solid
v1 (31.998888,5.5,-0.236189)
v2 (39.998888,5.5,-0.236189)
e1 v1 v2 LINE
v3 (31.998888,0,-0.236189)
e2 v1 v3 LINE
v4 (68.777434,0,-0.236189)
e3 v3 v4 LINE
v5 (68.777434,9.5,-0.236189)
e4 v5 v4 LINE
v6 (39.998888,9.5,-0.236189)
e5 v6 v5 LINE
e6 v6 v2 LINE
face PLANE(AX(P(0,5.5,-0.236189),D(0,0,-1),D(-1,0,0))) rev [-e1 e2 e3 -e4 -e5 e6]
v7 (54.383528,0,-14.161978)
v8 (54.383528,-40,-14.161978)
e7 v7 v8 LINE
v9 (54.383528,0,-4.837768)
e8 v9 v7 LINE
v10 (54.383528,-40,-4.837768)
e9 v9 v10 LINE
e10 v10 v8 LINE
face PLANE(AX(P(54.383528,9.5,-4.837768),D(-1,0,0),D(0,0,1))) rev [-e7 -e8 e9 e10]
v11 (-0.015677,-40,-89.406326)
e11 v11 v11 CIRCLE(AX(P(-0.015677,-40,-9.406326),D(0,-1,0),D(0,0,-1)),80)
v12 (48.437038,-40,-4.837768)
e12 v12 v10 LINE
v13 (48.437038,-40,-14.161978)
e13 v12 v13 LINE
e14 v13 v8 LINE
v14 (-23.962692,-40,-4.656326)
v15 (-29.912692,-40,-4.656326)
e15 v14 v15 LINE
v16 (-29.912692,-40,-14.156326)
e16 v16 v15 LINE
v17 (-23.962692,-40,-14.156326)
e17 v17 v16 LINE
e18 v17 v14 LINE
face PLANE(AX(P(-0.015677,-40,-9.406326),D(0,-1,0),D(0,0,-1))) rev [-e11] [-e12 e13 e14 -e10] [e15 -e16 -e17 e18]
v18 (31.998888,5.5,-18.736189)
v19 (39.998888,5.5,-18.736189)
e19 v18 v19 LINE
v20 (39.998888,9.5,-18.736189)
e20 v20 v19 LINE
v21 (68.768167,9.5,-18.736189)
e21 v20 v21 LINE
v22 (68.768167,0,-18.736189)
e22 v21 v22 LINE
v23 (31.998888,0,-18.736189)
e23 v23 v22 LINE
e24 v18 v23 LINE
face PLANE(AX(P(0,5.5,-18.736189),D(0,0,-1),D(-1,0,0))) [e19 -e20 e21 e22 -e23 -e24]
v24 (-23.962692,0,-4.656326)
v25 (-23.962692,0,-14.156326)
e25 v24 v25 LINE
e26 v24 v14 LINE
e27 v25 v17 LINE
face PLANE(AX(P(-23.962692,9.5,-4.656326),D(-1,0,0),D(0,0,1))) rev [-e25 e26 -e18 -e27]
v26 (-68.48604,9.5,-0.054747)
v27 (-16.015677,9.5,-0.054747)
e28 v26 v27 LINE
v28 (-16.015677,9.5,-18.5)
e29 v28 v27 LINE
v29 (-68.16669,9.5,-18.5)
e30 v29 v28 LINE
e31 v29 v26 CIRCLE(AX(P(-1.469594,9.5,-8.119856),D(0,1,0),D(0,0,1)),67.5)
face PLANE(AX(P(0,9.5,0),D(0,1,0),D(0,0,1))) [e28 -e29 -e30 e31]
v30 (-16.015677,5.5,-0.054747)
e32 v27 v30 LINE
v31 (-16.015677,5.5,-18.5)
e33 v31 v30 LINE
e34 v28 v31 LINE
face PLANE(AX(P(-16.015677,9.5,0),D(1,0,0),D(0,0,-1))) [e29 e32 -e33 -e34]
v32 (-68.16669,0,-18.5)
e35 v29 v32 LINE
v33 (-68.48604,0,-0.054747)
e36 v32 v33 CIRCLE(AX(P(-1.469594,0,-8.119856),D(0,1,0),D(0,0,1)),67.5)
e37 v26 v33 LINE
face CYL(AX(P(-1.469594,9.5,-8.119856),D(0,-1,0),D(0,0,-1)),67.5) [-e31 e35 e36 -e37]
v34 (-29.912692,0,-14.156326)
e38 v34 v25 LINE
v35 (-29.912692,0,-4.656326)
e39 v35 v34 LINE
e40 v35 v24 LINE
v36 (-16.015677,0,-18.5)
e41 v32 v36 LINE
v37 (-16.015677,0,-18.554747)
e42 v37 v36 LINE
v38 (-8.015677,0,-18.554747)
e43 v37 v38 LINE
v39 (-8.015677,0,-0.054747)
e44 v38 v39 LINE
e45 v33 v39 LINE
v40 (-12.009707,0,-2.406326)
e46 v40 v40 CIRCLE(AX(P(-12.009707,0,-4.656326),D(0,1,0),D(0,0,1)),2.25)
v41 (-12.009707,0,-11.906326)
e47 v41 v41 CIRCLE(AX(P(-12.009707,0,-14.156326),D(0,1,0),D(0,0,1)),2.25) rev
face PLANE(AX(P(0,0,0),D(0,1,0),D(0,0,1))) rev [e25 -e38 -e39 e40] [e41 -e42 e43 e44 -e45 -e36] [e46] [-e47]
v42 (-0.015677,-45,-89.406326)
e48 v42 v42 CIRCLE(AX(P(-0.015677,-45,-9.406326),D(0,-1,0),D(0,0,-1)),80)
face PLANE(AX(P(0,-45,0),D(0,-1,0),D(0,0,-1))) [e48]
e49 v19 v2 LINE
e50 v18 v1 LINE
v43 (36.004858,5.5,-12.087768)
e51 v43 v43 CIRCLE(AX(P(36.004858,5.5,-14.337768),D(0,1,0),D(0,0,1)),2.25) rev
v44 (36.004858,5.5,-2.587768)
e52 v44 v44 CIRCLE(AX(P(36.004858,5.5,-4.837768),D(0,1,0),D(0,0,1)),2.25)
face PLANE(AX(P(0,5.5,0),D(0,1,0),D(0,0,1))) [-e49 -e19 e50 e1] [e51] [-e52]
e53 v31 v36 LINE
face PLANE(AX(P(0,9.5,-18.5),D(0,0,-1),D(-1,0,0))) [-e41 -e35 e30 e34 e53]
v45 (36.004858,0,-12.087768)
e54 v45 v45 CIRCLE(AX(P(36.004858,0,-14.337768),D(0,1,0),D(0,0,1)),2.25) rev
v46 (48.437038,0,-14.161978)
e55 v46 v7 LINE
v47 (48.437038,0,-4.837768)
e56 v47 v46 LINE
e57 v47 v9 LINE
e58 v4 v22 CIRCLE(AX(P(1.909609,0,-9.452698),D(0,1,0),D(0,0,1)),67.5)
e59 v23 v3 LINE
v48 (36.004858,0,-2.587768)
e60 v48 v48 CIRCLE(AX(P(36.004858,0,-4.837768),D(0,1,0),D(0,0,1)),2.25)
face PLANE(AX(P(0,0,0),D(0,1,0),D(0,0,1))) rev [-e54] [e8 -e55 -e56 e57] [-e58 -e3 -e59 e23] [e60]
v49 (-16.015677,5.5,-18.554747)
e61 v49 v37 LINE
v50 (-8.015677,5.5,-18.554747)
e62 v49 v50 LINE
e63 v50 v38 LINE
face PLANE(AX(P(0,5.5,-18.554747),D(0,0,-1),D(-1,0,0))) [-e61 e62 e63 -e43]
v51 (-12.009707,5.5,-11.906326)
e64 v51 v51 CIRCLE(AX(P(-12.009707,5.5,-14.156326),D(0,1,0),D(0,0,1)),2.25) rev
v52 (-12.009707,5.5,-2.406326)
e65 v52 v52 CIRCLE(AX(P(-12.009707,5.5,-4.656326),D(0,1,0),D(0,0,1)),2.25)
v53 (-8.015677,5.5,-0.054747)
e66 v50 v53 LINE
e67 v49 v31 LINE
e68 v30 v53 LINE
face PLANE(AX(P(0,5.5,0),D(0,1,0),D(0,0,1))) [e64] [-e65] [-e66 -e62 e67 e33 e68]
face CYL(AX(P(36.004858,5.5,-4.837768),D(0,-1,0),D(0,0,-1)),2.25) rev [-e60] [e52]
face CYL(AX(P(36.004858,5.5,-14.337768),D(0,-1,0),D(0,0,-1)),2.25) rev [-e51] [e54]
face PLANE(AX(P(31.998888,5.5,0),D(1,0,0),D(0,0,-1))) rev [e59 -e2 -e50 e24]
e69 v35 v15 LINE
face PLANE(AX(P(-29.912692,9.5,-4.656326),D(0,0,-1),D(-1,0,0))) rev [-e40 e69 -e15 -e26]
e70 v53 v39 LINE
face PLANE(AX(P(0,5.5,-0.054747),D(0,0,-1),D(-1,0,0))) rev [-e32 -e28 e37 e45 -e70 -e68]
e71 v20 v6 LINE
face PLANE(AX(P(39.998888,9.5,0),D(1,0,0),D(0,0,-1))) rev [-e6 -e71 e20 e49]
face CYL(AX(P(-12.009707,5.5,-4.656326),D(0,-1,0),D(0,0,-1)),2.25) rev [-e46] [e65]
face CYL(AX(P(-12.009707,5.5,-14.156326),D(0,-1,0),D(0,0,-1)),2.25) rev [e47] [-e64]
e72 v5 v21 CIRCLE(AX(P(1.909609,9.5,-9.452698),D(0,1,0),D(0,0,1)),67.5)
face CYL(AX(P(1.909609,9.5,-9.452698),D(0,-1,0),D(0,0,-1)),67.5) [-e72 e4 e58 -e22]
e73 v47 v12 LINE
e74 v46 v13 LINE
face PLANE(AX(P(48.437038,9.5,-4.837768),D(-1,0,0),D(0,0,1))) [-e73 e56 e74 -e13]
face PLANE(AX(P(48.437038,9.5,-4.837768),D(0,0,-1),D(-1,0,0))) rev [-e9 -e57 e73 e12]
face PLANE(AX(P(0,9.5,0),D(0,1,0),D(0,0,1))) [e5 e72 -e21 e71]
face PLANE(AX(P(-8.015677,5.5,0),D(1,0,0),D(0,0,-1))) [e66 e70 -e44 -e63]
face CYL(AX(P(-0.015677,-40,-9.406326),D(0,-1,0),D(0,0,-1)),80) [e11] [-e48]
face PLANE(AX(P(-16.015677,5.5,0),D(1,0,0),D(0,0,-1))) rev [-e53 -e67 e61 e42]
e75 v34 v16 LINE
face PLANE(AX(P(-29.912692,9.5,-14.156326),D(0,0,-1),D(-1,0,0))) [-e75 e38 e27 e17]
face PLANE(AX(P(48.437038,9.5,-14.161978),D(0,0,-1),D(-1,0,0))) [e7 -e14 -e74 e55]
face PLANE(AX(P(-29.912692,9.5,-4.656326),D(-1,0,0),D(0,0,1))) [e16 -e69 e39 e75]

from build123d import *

# Parameters (mm, degrees)
SKETCH1_R                = 2.25
BOSS_EXTRUDE1_DEPTH      = 5.5
SKETCH1_3_W              = 5.95
SKETCH1_3_H              = 9.5
BOSS_EXTRUDE2_DEPTH      = 9.5
SKETCH1_4_R              = 2.25
BOSS_EXTRUDE3_DEPTH      = 5.5
SKETCH1_5_W              = 5.946489343
SKETCH1_5_H              = 9.324210581
BOSS_EXTRUDE4_DEPTH      = 9.5
BOSS_EXTRUDE5_DEPTH      = 9.5
BOSS_EXTRUDE5_DEPTH_BACK = 45
SKETCH1_6_W              = 5.95
SKETCH1_6_H              = 9.5
SKETCH1_6_W_2            = 5.946489343
SKETCH1_6_H_2            = 9.324210581
SKETCH2_R                = 80
BOSS_EXTRUDE6_DEPTH      = 5


with BuildPart() as part:
    # Sketch1 → Boss-Extrude1 (new body)
    with BuildSketch(Plane(origin=(0, 0, 0), x_dir=(1, 0, 0), z_dir=(0, 1, 0))):
        Polygon((-8.015677219, 18.554747116), (-16.015677219, 18.554747116), (-16.015677219, 18.5), (-16.015677219, 0.054747116), (-15.609707421, 0.054747116), (-8.409707421, 0.054747116), (-8.015677219, 0.054747116), align=None)
        with Locations((-12.009707421, 4.656325954)):
            Circle(SKETCH1_R, mode=Mode.SUBTRACT)
        with Locations((-12.009707421, 14.156325954)):
            Circle(SKETCH1_R, mode=Mode.SUBTRACT)
    extrude(amount=BOSS_EXTRUDE1_DEPTH)

    # Sketch1<3> → Boss-Extrude2 (add)
    with BuildSketch(Plane(origin=(0, 0, 0), x_dir=(1, 0, 0), z_dir=(0, 1, 0))):
        with BuildLine():
            Line((-16.015677219, 0.054747116), (-16.015677219, 18.5))
            Line((-16.015677219, 18.5), (-68.166690169, 18.5))
            ThreePointArc((-68.166690169, 18.5), (-68.959479844, 9.288334925), (-68.486040188, 0.054747116))
            Line((-68.486040188, 0.054747116), (-16.015677219, 0.054747116))
        make_face()
        with Locations((-26.93769232, 9.406325954)):
            Rectangle(SKETCH1_3_W, SKETCH1_3_H, mode=Mode.SUBTRACT)
    extrude(amount=BOSS_EXTRUDE2_DEPTH)



with BuildPart() as body_2:
    # Sketch1<4> → Boss-Extrude3 (new body)
    with BuildSketch(Plane(origin=(0, 0, 0), x_dir=(1, 0, 0), z_dir=(0, 1, 0))):
        Polygon((39.998888009, 18.73618908), (31.998888009, 18.73618908), (31.998888009, 0.23618908), (32.404857807, 0.23618908), (39.604857807, 0.23618908), (39.998888009, 0.23618908), align=None)
        with Locations((36.004857807, 4.837767918)):
            Circle(SKETCH1_4_R, mode=Mode.SUBTRACT)
        with Locations((36.004857807, 14.337767918)):
            Circle(SKETCH1_4_R, mode=Mode.SUBTRACT)
    extrude(amount=BOSS_EXTRUDE3_DEPTH)

    # Sketch1<5> → Boss-Extrude4 (add)
    with BuildSketch(Plane(origin=(0, 0, 0), x_dir=(1, 0, 0), z_dir=(0, 1, 0))):
        with BuildLine():
            Line((68.768167169, 18.73618908), (39.998888009, 18.73618908))
            Line((39.998888009, 18.73618908), (39.998888009, 0.23618908))
            Line((39.998888009, 0.23618908), (68.777433584, 0.23618908))
            ThreePointArc((68.777433584, 0.23618908), (69.409600563, 9.486508045), (68.768167169, 18.73618908))
        make_face()
        with Locations((51.410282917, 9.499873209)):
            Rectangle(SKETCH1_5_W, SKETCH1_5_H, mode=Mode.SUBTRACT)
    extrude(amount=BOSS_EXTRUDE4_DEPTH)


with BuildPart() as part_1:
    add(part.part)

    add(body_2.part)  # Boss-Extrude5 merges body 2
    # Sketch1<6> → Boss-Extrude5 (add, two sides: drawn at the far end of the back side and taken through both)
    with BuildSketch(Plane(origin=(0, 0, 0), x_dir=(1, 0, 0), z_dir=(0, 1, 0)).offset(-BOSS_EXTRUDE5_DEPTH_BACK)):
        with Locations((-26.93769232, 9.406325954)):
            Rectangle(SKETCH1_6_W, SKETCH1_6_H)
        with Locations((51.410282917, 9.499873209)):
            Rectangle(SKETCH1_6_W_2, SKETCH1_6_H_2)
    extrude(amount=BOSS_EXTRUDE5_DEPTH + BOSS_EXTRUDE5_DEPTH_BACK)

    # Sketch2 → Boss-Extrude6 (add)
    with BuildSketch(Plane.XZ.offset(45)):
        with Locations((-0.015677219, -9.406325954)):
            Circle(SKETCH2_R)
    extrude(amount=-BOSS_EXTRUDE6_DEPTH)


solid = part_1.part
